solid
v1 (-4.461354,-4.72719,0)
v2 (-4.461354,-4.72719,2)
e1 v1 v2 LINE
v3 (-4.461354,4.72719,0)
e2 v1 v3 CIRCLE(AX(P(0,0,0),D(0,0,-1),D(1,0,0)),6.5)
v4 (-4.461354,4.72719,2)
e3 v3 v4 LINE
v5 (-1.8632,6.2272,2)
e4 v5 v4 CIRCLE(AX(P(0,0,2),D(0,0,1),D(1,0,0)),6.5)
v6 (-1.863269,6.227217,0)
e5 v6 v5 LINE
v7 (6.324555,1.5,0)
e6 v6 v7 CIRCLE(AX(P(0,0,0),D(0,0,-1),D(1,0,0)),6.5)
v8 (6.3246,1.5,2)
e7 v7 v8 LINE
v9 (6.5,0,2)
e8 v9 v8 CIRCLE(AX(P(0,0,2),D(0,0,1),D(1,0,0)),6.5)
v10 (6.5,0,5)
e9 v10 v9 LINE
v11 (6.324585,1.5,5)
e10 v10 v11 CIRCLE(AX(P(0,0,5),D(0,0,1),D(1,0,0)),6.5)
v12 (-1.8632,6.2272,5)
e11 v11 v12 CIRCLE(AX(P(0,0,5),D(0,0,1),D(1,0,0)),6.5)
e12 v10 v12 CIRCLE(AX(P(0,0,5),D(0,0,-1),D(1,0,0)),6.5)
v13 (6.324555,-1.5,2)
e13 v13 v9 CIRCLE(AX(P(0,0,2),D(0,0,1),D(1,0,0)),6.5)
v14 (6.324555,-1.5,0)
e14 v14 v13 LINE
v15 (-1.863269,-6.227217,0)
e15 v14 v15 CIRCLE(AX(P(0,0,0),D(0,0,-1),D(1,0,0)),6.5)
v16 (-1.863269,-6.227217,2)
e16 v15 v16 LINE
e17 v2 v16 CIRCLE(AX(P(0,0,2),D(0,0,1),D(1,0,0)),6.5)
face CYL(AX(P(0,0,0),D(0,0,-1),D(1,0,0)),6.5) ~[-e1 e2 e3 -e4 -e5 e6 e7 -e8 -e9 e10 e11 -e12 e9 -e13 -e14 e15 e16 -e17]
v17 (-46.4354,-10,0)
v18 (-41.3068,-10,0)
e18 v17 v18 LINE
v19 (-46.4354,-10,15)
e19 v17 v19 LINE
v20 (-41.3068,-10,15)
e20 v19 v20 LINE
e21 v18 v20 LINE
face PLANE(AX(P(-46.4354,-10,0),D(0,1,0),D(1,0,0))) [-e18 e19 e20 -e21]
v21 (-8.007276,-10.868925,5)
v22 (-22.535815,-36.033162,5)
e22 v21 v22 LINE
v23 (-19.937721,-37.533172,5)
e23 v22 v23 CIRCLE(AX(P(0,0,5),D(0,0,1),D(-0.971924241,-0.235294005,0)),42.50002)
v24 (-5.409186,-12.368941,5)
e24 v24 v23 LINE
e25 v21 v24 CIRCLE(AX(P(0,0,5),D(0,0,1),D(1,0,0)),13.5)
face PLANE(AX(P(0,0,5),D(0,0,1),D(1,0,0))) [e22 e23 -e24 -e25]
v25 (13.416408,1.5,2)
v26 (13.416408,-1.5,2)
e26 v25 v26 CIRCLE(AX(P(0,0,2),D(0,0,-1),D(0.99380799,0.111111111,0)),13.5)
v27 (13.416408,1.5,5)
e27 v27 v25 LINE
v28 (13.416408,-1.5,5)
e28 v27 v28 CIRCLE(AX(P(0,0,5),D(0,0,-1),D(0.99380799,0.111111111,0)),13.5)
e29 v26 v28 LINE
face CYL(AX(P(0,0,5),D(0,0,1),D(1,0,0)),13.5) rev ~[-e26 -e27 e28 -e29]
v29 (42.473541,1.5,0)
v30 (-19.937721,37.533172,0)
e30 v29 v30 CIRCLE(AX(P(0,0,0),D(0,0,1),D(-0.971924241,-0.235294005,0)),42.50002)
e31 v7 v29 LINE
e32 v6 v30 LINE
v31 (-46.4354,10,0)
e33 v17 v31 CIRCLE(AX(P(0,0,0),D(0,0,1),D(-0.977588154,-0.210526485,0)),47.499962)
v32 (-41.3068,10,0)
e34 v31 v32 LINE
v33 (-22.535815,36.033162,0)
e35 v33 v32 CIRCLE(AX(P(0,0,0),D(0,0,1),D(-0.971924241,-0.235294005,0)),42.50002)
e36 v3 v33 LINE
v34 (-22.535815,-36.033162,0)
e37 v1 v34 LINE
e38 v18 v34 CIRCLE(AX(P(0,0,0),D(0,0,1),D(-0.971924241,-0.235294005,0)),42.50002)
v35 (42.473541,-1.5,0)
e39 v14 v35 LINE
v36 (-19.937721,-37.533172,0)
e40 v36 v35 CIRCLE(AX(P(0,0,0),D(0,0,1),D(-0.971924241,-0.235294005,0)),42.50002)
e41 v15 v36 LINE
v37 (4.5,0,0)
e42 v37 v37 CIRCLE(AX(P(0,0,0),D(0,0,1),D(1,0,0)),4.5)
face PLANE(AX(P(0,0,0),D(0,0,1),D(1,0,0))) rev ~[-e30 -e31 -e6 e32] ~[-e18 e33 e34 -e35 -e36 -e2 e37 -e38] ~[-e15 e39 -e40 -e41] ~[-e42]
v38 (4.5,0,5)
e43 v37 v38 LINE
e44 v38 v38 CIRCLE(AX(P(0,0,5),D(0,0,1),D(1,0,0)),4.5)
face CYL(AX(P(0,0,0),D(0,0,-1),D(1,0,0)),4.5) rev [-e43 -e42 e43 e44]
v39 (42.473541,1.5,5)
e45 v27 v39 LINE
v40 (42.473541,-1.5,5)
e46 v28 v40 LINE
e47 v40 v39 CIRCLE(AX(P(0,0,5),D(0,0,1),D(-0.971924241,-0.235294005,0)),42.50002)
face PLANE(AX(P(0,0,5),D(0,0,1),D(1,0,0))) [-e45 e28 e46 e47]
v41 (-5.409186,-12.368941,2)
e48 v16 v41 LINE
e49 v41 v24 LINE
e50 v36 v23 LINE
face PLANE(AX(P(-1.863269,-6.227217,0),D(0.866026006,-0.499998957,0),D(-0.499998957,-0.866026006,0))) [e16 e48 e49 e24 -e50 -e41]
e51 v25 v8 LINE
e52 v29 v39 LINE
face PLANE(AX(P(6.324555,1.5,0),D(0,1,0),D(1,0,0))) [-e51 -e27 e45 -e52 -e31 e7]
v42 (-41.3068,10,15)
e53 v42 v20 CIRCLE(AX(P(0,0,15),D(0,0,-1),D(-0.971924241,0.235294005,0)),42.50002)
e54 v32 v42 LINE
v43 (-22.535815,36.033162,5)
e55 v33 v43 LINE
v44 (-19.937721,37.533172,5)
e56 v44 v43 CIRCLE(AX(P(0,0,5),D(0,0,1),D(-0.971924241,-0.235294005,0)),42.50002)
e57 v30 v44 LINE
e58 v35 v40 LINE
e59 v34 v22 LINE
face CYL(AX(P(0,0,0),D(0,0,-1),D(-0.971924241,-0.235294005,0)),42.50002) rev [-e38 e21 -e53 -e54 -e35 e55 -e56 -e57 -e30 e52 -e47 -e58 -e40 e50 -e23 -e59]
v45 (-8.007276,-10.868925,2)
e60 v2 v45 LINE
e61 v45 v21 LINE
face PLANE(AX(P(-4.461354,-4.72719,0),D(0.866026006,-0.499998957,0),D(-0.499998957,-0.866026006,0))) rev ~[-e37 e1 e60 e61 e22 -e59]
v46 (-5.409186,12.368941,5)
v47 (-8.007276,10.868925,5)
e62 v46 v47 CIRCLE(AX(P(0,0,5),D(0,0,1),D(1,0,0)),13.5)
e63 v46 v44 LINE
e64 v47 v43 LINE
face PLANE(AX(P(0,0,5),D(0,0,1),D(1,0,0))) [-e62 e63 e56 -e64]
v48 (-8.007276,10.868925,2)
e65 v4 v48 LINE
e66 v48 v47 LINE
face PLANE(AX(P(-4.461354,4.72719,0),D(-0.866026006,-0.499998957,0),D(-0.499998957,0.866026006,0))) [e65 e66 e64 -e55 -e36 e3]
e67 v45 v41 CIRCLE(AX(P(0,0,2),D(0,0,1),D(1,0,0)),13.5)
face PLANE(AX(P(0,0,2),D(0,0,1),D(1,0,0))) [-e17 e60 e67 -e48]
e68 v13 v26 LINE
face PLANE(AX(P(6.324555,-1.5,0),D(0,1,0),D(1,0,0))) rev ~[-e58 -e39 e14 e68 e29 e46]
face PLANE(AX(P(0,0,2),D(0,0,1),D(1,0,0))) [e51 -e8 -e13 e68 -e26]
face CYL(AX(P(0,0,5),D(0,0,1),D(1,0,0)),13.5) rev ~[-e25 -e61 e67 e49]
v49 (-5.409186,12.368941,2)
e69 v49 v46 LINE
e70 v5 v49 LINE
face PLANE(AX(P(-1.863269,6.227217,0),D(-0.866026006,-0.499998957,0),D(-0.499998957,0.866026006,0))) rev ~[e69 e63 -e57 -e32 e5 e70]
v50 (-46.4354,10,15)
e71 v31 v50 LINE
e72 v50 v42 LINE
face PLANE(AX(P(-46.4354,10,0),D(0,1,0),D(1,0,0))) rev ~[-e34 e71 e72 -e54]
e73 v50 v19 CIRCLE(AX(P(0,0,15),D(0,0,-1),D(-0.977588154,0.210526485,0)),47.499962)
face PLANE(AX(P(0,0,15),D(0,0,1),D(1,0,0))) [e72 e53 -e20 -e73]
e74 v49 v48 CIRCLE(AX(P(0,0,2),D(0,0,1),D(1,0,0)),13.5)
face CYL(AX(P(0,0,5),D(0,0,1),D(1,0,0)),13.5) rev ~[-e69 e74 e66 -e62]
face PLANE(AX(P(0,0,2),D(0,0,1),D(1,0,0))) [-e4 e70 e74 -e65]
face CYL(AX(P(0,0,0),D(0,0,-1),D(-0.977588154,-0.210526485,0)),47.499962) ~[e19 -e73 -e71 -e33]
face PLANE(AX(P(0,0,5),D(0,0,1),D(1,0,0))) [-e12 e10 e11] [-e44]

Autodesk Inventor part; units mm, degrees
ref_plane "YZ Plane" through (0, 0, 0) normal (1, 0, 0) x (0, 1, 0)
ref_plane "XZ Plane" through (0, 0, 0) normal (0, 1, 0) x (-1, 0, 0)
ref_plane "XY Plane" through (0, 0, 0) normal (0, 0, 1) x (1, 0, 0)
sketch "Sketch1" plane through (0, 0, 0) normal (0, 0, 1) x (1, 0, 0)
  circle A0 centre (0, 0) radius 47.5 construction
  line L0 (-46.4354, 10) -> (-46.4354, -10) construction
  circle A1 centre (0, 0) radius 42.5 construction
  line L1 (-46.4354, 10) -> (-41.3068, 10)
  line L2 (-46.4354, -10) -> (-41.3068, -10)
  arc A2 (-46.4354, -10) -> (-46.4354, 10) centre (0, 0) ccw
  arc A3 (-41.3068, -10) -> (-41.3068, 10) centre (0, 0) ccw
  circle A4 centre (0, 0) radius 4.5
  circle A5 centre (0, 0) radius 6.5
  line L3 (4.2426, 1.5) -> (47.4763, 1.5)
  line L4 (4.2426, -1.5) -> (47.4763, -1.5)
  arc A6 (4.2426, -1.5) -> (4.2426, 1.5) centre (0, 0) ccw
  arc A7 (47.4763, -1.5) -> (47.4763, 1.5) centre (0, 0) ccw
  line L5 (-3.4204, 2.9242) -> (-25.0372, 40.3657)
  line L6 (-0.8223, 4.4242) -> (-22.4391, 41.8657)
  line L7 (-0.8223, -4.4242) -> (-22.4391, -41.8657)
  line L8 (-3.4204, -2.9242) -> (-25.0372, -40.3657)
  arc A8 (-0.8223, 4.4242) -> (-3.4204, 2.9242) centre (0, 0) ccw
  arc A9 (-3.4204, -2.9242) -> (-0.8223, -4.4242) centre (0, 0) ccw
  arc A10 (-22.4391, 41.8657) -> (-25.0372, 40.3657) centre (0, 0) ccw
  arc A11 (-25.0372, -40.3657) -> (-22.4391, -41.8657) centre (0, 0) ccw
  point P0 (-46.4354, 0)
  dimension "d0" = 95
  dimension "d1" = 20
  dimension "d2" = 5
  dimension "d5" = 9
  dimension "d7" = 3
  dimension "d10" = 360
  dimension "d17" = 13
extrude "Extrusion1" add sketch "Sketch1" along normal blind 15 contours A2 L5 A3 L1 | A2 L6 A3 L5 | A2 L3 A3 L6 | L5 A4 L8 A5 | A5 L6 A4 L5 | A2 L4 A3 L3 | A5 L3 A4 L6 | L8 A4 L7 A5 | A2 L7 A3 L4 | A5 L4 A4 L3 | L7 A4 L4 A5 | L8 A2 L2 A3 | A3 L7 A2 L8
extrude "Extrusion2" add sketch "Sketch1" along normal blind 5 contours A2 L6 A3 L5 | A3 L6 A5 L5 | A5 L6 A4 L5 | A2 L4 A3 L3 | A3 L4 A5 L3 | L8 A4 L7 A5 | A5 L7 A3 L8 | A5 L4 A4 L3 | A3 L7 A2 L8
sketch "Sketch3" plane through (0, 0, 15) normal (0, 0, 1) x (1, 0, 0)
  circle A0 centre (0, 0) radius 4.5 projected
  circle A1 centre (0, 0) radius 6.5 projected
  point P0 (0, 0)
extrude "Extrusion3" cut sketch "Sketch3" against normal blind 10
sketch "Sketch4" plane through (0, 0, 5) normal (0, 0, 1) x (1, 0, 0)
  arc A0 (6.3246, 1.5) -> (-1.8632, 6.2272) centre (0, 0) ccw projected
  line L0 (42.4735, 1.5) -> (6.3246, 1.5) projected
  circle A1 centre (0, 0) radius 6.5
  circle A2 centre (0, 0) radius 13.5
  point P0 (0, 0)
  dimension "d18" = 27
extrude "Extrusion4" cut sketch "Sketch4" against normal blind 3
properties part number "AA051" material "ABS Plastic"
